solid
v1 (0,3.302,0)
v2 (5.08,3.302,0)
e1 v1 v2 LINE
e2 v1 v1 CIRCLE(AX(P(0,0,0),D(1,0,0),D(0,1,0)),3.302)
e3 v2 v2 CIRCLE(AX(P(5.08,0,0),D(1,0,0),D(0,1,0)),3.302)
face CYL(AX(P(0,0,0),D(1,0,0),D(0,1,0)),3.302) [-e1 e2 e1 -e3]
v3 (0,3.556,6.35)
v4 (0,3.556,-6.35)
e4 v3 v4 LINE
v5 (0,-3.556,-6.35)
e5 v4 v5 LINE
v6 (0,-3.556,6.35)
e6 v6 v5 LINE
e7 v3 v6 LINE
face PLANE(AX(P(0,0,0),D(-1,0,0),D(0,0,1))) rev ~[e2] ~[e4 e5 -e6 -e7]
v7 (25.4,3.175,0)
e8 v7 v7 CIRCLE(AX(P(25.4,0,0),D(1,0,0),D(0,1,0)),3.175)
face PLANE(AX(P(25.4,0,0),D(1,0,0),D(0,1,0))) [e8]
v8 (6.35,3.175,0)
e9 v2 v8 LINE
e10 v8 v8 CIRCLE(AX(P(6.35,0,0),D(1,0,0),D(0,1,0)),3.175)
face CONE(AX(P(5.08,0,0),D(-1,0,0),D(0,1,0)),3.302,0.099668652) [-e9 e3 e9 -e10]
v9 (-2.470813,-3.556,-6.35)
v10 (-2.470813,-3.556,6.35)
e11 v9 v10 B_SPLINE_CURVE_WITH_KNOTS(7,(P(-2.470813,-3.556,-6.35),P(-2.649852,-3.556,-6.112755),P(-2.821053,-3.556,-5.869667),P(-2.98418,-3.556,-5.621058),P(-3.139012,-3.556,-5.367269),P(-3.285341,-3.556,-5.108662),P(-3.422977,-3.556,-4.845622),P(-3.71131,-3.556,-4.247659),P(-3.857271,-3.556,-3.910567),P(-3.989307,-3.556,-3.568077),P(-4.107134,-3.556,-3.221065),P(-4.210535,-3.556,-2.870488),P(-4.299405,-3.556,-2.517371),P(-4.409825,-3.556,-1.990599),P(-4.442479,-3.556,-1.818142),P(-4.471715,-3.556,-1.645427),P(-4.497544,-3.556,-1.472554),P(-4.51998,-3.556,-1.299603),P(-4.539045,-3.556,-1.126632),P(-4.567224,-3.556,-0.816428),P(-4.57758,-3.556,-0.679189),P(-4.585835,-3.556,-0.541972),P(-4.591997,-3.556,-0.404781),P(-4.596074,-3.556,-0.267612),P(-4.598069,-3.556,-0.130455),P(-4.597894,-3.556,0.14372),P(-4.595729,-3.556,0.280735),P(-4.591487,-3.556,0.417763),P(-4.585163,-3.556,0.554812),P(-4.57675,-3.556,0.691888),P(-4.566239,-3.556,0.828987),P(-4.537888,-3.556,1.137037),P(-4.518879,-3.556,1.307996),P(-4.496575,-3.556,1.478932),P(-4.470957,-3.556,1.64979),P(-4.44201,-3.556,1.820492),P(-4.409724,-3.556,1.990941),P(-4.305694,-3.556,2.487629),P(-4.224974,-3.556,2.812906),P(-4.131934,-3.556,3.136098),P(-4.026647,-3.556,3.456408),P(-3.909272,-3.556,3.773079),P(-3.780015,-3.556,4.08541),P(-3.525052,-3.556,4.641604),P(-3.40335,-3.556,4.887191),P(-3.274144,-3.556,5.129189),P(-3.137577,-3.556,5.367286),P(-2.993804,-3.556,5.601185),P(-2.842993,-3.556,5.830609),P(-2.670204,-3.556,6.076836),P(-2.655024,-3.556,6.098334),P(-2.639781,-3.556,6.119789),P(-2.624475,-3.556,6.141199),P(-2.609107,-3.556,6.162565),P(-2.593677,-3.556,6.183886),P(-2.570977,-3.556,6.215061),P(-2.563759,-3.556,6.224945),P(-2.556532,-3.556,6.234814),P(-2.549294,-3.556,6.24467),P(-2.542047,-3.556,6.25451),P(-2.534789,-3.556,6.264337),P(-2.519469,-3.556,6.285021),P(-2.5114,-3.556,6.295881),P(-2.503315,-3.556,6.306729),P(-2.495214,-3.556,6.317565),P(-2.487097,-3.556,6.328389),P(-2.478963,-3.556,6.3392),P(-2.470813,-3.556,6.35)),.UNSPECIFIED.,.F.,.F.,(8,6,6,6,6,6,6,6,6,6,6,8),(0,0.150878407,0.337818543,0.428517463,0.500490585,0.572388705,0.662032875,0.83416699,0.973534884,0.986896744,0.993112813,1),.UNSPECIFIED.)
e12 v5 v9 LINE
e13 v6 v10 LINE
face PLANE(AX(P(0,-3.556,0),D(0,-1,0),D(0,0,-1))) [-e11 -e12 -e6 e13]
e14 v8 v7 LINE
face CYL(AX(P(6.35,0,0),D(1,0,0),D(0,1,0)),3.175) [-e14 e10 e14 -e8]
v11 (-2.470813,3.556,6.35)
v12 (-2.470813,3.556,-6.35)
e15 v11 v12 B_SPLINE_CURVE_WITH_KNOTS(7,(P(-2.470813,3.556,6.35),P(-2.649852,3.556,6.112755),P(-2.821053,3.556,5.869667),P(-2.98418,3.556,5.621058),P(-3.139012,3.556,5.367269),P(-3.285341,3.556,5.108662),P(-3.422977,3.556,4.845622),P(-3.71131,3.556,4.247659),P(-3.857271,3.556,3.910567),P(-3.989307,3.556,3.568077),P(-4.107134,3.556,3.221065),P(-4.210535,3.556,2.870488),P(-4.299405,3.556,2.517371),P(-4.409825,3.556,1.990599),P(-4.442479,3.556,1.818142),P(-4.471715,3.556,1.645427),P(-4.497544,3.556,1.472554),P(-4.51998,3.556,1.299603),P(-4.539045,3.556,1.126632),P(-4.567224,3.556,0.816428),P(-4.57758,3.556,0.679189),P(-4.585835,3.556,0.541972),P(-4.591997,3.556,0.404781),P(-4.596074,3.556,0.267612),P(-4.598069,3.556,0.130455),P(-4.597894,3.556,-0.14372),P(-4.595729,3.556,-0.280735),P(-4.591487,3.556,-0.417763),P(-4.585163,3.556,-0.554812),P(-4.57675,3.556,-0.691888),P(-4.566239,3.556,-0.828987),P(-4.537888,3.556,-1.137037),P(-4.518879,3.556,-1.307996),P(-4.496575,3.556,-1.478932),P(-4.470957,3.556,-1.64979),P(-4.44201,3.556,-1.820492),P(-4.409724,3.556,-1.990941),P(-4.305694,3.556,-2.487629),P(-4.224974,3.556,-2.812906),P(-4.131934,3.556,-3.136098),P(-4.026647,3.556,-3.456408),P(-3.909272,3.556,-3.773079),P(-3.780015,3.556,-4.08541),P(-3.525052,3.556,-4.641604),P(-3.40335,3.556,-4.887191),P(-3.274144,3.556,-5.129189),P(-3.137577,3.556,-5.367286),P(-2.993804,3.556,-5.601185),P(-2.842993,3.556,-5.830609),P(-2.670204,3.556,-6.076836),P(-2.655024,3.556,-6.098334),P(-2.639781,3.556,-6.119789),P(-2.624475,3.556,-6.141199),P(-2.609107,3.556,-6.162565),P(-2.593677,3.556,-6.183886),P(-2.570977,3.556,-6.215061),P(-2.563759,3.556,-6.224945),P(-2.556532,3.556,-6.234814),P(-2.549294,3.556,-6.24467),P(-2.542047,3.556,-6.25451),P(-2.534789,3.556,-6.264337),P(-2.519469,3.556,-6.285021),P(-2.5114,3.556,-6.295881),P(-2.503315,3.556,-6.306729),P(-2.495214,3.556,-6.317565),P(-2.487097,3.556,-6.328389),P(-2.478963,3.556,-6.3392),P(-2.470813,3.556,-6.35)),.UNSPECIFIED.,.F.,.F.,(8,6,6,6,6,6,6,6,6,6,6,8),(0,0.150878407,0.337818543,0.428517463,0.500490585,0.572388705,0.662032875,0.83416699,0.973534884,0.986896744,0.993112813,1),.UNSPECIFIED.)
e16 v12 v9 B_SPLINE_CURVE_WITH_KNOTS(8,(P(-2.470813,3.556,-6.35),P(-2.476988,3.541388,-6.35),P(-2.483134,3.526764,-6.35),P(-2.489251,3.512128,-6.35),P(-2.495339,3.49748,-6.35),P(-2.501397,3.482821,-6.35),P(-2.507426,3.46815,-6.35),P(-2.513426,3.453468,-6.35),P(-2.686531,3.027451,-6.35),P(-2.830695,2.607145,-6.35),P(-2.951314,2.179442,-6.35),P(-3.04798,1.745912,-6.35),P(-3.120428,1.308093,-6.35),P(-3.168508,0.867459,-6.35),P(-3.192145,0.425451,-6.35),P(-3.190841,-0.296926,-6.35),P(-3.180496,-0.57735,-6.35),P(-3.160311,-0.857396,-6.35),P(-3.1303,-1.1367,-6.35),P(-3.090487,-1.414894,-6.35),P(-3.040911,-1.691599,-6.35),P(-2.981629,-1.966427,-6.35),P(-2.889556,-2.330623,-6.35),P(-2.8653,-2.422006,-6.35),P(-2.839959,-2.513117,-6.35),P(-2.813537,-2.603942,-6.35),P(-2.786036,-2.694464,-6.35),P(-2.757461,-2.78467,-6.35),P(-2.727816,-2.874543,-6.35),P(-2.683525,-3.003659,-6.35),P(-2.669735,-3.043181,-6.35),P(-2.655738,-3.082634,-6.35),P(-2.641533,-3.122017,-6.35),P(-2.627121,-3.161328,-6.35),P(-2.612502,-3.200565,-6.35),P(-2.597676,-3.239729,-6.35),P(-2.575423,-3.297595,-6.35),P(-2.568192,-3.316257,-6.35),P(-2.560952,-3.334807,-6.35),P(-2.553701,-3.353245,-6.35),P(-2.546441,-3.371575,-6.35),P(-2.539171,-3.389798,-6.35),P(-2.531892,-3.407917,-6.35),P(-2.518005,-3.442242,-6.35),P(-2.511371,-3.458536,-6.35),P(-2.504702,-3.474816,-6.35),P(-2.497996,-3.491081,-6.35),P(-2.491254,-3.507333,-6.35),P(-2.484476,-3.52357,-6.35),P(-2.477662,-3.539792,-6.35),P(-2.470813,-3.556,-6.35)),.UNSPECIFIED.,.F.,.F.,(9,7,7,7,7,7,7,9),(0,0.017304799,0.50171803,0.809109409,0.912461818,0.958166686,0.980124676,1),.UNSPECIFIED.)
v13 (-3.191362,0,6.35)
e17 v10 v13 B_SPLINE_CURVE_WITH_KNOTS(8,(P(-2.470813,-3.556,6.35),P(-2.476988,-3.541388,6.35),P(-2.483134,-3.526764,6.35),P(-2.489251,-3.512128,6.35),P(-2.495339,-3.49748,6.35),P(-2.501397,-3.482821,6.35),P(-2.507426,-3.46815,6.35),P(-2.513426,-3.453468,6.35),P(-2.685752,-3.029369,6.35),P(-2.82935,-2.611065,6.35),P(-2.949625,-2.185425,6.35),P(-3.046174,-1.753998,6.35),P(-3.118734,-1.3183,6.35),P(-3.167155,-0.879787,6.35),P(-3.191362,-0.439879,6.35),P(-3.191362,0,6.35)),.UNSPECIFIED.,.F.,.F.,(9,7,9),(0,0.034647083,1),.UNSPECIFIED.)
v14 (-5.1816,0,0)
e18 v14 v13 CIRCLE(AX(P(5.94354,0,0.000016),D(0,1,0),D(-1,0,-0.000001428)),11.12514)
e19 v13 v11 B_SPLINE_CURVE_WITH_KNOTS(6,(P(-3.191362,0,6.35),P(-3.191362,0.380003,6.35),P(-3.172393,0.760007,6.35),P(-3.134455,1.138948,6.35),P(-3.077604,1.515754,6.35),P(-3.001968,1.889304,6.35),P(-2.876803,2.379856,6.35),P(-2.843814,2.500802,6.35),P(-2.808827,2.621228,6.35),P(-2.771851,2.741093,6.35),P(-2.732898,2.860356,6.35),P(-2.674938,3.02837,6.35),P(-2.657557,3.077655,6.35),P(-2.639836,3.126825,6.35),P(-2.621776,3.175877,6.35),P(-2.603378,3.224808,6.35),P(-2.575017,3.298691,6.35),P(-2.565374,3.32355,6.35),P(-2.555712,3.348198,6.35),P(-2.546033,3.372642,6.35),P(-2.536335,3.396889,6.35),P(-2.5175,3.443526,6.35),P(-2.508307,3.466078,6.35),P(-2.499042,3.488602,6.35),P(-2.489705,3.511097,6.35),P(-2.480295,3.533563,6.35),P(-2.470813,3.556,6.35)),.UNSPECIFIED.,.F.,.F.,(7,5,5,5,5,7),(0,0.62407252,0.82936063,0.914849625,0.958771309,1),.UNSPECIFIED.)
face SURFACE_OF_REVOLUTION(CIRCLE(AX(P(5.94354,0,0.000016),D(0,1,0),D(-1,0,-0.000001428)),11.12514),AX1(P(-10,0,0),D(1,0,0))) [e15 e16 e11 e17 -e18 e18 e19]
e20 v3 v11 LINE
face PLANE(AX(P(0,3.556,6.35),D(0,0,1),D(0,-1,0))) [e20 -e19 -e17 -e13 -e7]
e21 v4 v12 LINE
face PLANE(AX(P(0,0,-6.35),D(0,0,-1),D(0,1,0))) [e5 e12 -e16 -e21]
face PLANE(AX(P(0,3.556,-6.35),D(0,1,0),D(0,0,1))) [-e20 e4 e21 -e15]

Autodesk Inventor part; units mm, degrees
ref_plane "YZ Plane" through (0, 0, 0) normal (1, 0, 0) x (0, 1, 0)
sketch "Boceto1" plane through (0, 0, 0) normal (0, 0, 1) x (1, 0, 0)
  line L0 (0, 3.302) -> (5.08, 3.302)
  line L1 (5.08, 3.302) -> (6.35, 3.175)
  line L2 (6.35, 3.175) -> (25.4, 3.175)
  line L3 (25.4, 3.175) -> (25.4, 2.4879)
  line L4 (25.4, 2.4879) -> (25.4, 0)
  line L5 (0, 3.9624) -> (0, -0.6604) projected
  line L6 (0, 3.302) -> (0, 0)
  line L7 (-0.4343, 0) -> (7.5114, 0)
  line L8 (-5.6012, 0) -> (30.5669, 0) projected
  line L9 (0, 0) -> (25.4, 0)
  dimension "d0" = 0
  dimension "d1" = 19.05
  dimension "d2" = 1.27
  dimension "d3" = 4.9759
  dimension "d4" = 6.35
  dimension "d5" = 6.604
  dimension "d6" = 25.4
revolve "Cuerpo" add sketch "Boceto1" angle 360 about axis through (-0.4343, 0, 0) along (1, 0, 0)
sketch "Boceto2" plane through (0, 0, 0) normal (-1, 0, 0) x (0, 0, 1)
  line L0 (-6.35, 3.556) -> (6.35, 3.556)
  line L1 (6.35, 3.556) -> (6.35, -3.556)
  line L2 (6.35, -3.556) -> (-6.35, -3.556)
  line L3 (-6.35, -3.556) -> (-6.35, 3.556)
  line L4 (-8.89, 0) -> (8.89, 0) projected
  line L5 (0, 4.9784) -> (0, -4.9784) projected
  dimension "d7" = 3.556
  dimension "d8" = 7.112
  dimension "d9" = 6.35
  dimension "d10" = 12.7
extrude "Cabeza" add sketch "Boceto2" along normal blind 5.1816
ref_plane "IDS_WORKPLANE{1}" through (0, 0, 0) normal (0, 1, 0) x (-1, 0, 0)
sketch "Boceto3" plane through (0, 0, 0) normal (0, 1, 0) x (-1, 0, 0)
  arc A0 (5.1816, 0) -> (-0.1952, 9.525) centre (-5.9436, 0) ccw
  line L0 (0, -9.6663) -> (0, 13.5477) projected
  line L1 (8.9083, 0) -> (-8.4189, 0) projected
  line L2 (5.1816, 6.35) -> (5.1816, 9.525)
  line L3 (5.1816, 9.525) -> (-0.1952, 9.525)
  line L4 (5.1816, 6.35) -> (5.1816, -6.35) projected
  dimension "d15" = 11.1252
  dimension "d19" = 19.05
revolve "Empalme1" cut sketch "Boceto3" angle 360 about axis through (-10, 0, 0) along (1, 0, 0) contours A0 L0 L3 L2 L4 | A0 L3 L0
thread "Rosca" size "1/4-20 UNC" class "2A" standard "ANSI Unified Screw Threads" full length
ref_plane "Work Plane3" through (15.875, 0, 0) normal (0, 0, -1) x (1, 0, 0)
equation "\"d7\" = 0.5 * KBR"
equation "\"d8\" = KBR"
equation "\"d9\" = 0.5 * KOL"
equation "\"d10\" = KOL"
equation "\"d11\" = KOH"
equation "\"d15\" = KR"
equation "\"d19\" = 1.5 * KOL"
equation "\"d1\" = GEL"
equation "\"d2\" = GAL"
equation "\"d3\" = SPD"
equation "\"d4\" = GD"
equation "\"d5\" = BDM"
equation "\"d6\" = NLG"
equation "\"GD\" = NND"
equation "\"NLG\" = 25.4"
equation "\"GAL\" = 1.27"
equation "\"GEL\" = 19.05"
equation "\"BDM\" = 6.604"
equation "\"KOL\" = 12.7"
equation "\"KBR\" = 7.112"
equation "\"KOH\" = 5.1816"
equation "\"KR\" = 11.1252"
equation "\"SPD\" = GD1"
equation "\"RR\" = -0.5 * BDM + 0.5 * KBR"
equation "\"d13\" = 0.5 * KOL"
equation "\"GUL\" = 0"
equation "\"PHH\" = 0.15 * KOH"
equation "\"THREADDIA\" = 6.35"
equation "\"TOA\" = 30deg"
equation "\"NND\" = 6.35"
equation "\"GD1\" = 4.97586"
properties part number "ANSI/ASME B18.5 - 1/4 - 20 - 1" material "Acero, suave"
